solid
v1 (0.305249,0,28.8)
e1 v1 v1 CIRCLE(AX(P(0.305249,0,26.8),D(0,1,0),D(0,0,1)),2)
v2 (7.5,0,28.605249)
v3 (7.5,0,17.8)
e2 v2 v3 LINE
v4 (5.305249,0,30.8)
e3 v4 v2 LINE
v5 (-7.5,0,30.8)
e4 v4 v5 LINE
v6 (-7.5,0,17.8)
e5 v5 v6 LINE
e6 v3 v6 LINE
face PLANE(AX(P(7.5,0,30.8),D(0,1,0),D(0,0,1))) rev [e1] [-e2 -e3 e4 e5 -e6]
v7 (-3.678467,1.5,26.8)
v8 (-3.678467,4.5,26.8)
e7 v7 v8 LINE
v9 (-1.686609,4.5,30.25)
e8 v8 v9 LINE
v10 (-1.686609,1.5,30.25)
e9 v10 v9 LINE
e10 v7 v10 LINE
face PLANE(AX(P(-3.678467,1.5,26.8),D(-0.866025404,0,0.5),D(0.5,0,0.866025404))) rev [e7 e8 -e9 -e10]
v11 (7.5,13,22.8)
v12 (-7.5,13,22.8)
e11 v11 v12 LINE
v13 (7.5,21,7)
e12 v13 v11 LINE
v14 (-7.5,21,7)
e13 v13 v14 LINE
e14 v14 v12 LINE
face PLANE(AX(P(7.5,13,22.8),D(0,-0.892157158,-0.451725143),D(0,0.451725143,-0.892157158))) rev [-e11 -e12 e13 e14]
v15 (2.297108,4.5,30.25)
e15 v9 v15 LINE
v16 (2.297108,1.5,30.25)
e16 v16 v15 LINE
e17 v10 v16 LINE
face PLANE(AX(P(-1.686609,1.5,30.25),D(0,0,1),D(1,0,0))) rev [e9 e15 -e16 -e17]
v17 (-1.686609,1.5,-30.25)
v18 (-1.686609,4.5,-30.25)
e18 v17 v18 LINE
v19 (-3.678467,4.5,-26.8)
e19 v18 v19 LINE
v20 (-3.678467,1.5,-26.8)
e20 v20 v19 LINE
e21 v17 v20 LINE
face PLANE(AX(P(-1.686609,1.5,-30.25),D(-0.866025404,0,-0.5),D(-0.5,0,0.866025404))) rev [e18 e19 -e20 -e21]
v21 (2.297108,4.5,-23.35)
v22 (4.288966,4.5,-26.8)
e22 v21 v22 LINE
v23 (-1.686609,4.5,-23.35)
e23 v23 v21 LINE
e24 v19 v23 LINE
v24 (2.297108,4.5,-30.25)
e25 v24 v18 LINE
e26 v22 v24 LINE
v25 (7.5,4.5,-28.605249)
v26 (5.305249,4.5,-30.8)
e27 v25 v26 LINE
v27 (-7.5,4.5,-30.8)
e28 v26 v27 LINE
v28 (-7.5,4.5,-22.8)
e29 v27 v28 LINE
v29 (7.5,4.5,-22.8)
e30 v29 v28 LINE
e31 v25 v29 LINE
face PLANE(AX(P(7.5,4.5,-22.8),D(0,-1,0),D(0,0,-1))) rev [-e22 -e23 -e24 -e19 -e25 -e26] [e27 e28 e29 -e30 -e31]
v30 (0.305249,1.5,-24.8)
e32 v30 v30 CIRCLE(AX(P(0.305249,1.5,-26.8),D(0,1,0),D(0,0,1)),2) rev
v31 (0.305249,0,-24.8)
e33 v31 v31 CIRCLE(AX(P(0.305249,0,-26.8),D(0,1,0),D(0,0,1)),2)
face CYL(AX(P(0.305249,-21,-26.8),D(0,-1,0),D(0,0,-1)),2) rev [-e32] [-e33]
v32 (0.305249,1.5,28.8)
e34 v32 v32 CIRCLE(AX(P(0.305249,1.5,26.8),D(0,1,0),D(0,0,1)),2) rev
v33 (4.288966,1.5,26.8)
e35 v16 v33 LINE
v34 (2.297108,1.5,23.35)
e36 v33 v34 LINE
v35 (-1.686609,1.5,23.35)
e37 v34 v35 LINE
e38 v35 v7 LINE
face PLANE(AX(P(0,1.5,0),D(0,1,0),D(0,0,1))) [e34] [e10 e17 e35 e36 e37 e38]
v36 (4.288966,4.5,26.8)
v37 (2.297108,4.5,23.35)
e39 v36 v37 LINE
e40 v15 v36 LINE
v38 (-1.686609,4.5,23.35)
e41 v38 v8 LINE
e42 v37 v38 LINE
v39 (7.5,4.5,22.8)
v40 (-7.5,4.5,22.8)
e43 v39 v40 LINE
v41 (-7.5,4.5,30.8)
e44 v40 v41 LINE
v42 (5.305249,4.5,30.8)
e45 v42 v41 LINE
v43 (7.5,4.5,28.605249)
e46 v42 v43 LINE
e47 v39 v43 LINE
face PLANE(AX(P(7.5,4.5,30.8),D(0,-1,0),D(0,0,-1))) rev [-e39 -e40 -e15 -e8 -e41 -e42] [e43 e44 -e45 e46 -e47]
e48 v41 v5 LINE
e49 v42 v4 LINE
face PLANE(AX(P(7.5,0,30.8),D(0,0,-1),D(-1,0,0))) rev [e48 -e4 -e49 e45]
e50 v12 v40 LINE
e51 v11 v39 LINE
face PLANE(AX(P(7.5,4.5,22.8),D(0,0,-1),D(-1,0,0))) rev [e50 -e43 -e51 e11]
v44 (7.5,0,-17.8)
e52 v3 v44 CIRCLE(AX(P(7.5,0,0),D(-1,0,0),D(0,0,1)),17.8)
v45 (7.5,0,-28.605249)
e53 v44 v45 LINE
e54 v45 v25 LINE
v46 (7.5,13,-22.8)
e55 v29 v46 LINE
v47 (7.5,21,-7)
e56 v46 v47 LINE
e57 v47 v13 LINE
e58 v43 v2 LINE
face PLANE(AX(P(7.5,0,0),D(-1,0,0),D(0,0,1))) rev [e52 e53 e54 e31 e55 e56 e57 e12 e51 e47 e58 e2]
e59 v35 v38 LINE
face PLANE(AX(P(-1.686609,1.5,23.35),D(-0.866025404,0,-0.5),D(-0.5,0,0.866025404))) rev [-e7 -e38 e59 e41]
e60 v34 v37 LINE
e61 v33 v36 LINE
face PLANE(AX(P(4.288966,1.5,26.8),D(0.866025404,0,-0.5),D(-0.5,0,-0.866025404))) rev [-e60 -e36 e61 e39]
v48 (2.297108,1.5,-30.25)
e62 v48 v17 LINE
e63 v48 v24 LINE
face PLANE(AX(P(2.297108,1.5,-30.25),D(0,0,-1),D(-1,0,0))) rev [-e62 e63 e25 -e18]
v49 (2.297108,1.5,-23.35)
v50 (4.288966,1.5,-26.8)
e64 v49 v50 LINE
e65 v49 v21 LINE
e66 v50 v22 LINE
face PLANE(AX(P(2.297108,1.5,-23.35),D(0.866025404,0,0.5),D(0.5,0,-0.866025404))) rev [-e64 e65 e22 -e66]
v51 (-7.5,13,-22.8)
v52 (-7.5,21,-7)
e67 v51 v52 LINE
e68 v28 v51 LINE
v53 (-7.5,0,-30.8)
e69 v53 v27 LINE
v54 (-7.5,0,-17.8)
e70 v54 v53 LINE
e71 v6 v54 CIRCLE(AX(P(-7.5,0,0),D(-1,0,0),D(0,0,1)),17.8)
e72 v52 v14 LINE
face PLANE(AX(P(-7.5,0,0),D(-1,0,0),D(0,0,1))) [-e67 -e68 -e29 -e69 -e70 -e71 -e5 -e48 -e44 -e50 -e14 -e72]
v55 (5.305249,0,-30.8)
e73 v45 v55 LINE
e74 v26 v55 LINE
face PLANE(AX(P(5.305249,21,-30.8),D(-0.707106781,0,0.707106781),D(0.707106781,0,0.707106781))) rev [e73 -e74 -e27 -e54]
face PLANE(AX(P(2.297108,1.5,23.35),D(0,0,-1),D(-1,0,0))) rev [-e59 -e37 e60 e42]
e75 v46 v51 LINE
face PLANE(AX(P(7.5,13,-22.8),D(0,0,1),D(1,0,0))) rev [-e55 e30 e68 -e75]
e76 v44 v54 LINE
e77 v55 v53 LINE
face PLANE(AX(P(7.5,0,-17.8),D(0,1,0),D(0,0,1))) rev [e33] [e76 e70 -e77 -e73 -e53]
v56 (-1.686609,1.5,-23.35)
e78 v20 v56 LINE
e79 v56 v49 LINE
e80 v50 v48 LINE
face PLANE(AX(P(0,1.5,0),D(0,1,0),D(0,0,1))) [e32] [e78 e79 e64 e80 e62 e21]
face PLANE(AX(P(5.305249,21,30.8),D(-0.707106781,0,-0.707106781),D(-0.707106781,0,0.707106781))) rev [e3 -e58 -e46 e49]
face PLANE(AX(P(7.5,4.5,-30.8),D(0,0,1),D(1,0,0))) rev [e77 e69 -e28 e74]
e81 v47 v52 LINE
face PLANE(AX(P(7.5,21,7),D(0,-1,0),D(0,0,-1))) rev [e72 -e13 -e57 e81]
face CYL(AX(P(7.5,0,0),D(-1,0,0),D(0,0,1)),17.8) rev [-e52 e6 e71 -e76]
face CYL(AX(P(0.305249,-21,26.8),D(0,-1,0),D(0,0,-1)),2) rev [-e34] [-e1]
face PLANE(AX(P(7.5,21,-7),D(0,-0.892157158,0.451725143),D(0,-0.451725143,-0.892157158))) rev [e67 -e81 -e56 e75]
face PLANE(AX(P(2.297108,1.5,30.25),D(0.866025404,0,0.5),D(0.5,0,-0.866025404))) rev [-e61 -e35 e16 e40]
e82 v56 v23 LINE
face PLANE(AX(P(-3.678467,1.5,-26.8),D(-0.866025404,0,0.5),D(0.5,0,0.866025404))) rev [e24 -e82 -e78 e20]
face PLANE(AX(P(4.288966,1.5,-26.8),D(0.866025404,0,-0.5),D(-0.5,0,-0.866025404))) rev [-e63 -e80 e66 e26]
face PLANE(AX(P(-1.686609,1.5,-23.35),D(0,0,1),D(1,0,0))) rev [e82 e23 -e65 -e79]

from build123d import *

# Parameters (mm, degrees)
BOSS_EXTRUDE1_DEPTH           = 7.5
CUT_EXTRUDE1_DEPTH            = 39.024860289
CSK_FOR_M4_SFHCS1_D           = 4
CSK_FOR_M4_SFHCS1_DEPTH       = 25.5
CSK_FOR_M4_SFHCS1_CSINK_D     = 7.6
CSK_FOR_M4_SFHCS1_CSINK_ANGLE = 90
CSK_FOR_M4_SFHCS1_TIP         = 1.201721238
CUT_EXTRUDE2_DEPTH            = 3


with BuildPart() as part:
    # Sketch1 → Boss-Extrude1 (new, symmetric)
    with BuildSketch(Plane(origin=(0, 0, 0), x_dir=(0, 0, -1), z_dir=(1, 0, 0))):
        with BuildLine():
            Line((-22.8, 4.5), (-22.8, 13))
            Line((-22.8, 13), (-7, 21))
            Line((-7, 21), (7, 21))
            Line((7, 21), (22.8, 13))
            Line((22.8, 13), (22.8, 4.5))
            Line((22.8, 4.5), (30.8, 4.5))
            Line((30.8, 4.5), (30.8, 0))
            Line((30.8, 0), (17.8, 0))
            ThreePointArc((17.8, 0), (0, 17.8), (-17.8, 0))
            Line((-17.8, 0), (-30.8, 0))
            Line((-30.8, 0), (-30.8, 4.5))
            Line((-30.8, 4.5), (-22.8, 4.5))
        make_face()
    extrude(amount=BOSS_EXTRUDE1_DEPTH, both=True)

    # Sketch2 → Cut-Extrude1 (cut, through all)
    with BuildSketch(Plane.XZ):
        Polygon((5.305249497, -30.8), (7.5, -28.605249497), (7.5, -30.8), align=None)
        Polygon((5.305249497, 30.8), (7.5, 28.605249497), (7.5, 30.8), align=None)
    extrude(amount=-CUT_EXTRUDE1_DEPTH, mode=Mode.SUBTRACT)

    # CSK for M4 SFHCS1
    with Locations(Plane(origin=(-1355.265966012, -21, 695.683007616), x_dir=(0, 0, -1), z_dir=(0, -1, 0))):
        with Locations((668.883007616, 1355.571215509), (668.883007616, 1318.571215509), (722.483007616, 1318.571215509), (722.483007616, 1355.571215509)):
            CounterSinkHole(CSK_FOR_M4_SFHCS1_D / 2, CSK_FOR_M4_SFHCS1_CSINK_D / 2, depth=CSK_FOR_M4_SFHCS1_DEPTH, counter_sink_angle=CSK_FOR_M4_SFHCS1_CSINK_ANGLE)
            with Locations((0, 0, -(CSK_FOR_M4_SFHCS1_DEPTH + CSK_FOR_M4_SFHCS1_TIP / 2))):  # 118° drill point
                Cone(0, CSK_FOR_M4_SFHCS1_D / 2, CSK_FOR_M4_SFHCS1_TIP, mode=Mode.SUBTRACT)

    # Sketch5 → Cut-Extrude2 (cut)
    with BuildSketch(Plane(origin=(0, 4.5, 0), x_dir=(1, 0, 0), z_dir=(0, 1, 0))):
        Polygon((-3.67846736, -26.8), (-1.686608932, -30.25), (2.297107926, -30.25), (4.288966355, -26.8), (2.297107926, -23.35), (-1.686608932, -23.35), align=None)
        Polygon((-3.67846736, 26.8), (-1.686608932, 23.35), (2.297107926, 23.35), (4.288966355, 26.8), (2.297107926, 30.25), (-1.686608932, 30.25), align=None)
    extrude(amount=-CUT_EXTRUDE2_DEPTH, mode=Mode.SUBTRACT)


solid = part.part
